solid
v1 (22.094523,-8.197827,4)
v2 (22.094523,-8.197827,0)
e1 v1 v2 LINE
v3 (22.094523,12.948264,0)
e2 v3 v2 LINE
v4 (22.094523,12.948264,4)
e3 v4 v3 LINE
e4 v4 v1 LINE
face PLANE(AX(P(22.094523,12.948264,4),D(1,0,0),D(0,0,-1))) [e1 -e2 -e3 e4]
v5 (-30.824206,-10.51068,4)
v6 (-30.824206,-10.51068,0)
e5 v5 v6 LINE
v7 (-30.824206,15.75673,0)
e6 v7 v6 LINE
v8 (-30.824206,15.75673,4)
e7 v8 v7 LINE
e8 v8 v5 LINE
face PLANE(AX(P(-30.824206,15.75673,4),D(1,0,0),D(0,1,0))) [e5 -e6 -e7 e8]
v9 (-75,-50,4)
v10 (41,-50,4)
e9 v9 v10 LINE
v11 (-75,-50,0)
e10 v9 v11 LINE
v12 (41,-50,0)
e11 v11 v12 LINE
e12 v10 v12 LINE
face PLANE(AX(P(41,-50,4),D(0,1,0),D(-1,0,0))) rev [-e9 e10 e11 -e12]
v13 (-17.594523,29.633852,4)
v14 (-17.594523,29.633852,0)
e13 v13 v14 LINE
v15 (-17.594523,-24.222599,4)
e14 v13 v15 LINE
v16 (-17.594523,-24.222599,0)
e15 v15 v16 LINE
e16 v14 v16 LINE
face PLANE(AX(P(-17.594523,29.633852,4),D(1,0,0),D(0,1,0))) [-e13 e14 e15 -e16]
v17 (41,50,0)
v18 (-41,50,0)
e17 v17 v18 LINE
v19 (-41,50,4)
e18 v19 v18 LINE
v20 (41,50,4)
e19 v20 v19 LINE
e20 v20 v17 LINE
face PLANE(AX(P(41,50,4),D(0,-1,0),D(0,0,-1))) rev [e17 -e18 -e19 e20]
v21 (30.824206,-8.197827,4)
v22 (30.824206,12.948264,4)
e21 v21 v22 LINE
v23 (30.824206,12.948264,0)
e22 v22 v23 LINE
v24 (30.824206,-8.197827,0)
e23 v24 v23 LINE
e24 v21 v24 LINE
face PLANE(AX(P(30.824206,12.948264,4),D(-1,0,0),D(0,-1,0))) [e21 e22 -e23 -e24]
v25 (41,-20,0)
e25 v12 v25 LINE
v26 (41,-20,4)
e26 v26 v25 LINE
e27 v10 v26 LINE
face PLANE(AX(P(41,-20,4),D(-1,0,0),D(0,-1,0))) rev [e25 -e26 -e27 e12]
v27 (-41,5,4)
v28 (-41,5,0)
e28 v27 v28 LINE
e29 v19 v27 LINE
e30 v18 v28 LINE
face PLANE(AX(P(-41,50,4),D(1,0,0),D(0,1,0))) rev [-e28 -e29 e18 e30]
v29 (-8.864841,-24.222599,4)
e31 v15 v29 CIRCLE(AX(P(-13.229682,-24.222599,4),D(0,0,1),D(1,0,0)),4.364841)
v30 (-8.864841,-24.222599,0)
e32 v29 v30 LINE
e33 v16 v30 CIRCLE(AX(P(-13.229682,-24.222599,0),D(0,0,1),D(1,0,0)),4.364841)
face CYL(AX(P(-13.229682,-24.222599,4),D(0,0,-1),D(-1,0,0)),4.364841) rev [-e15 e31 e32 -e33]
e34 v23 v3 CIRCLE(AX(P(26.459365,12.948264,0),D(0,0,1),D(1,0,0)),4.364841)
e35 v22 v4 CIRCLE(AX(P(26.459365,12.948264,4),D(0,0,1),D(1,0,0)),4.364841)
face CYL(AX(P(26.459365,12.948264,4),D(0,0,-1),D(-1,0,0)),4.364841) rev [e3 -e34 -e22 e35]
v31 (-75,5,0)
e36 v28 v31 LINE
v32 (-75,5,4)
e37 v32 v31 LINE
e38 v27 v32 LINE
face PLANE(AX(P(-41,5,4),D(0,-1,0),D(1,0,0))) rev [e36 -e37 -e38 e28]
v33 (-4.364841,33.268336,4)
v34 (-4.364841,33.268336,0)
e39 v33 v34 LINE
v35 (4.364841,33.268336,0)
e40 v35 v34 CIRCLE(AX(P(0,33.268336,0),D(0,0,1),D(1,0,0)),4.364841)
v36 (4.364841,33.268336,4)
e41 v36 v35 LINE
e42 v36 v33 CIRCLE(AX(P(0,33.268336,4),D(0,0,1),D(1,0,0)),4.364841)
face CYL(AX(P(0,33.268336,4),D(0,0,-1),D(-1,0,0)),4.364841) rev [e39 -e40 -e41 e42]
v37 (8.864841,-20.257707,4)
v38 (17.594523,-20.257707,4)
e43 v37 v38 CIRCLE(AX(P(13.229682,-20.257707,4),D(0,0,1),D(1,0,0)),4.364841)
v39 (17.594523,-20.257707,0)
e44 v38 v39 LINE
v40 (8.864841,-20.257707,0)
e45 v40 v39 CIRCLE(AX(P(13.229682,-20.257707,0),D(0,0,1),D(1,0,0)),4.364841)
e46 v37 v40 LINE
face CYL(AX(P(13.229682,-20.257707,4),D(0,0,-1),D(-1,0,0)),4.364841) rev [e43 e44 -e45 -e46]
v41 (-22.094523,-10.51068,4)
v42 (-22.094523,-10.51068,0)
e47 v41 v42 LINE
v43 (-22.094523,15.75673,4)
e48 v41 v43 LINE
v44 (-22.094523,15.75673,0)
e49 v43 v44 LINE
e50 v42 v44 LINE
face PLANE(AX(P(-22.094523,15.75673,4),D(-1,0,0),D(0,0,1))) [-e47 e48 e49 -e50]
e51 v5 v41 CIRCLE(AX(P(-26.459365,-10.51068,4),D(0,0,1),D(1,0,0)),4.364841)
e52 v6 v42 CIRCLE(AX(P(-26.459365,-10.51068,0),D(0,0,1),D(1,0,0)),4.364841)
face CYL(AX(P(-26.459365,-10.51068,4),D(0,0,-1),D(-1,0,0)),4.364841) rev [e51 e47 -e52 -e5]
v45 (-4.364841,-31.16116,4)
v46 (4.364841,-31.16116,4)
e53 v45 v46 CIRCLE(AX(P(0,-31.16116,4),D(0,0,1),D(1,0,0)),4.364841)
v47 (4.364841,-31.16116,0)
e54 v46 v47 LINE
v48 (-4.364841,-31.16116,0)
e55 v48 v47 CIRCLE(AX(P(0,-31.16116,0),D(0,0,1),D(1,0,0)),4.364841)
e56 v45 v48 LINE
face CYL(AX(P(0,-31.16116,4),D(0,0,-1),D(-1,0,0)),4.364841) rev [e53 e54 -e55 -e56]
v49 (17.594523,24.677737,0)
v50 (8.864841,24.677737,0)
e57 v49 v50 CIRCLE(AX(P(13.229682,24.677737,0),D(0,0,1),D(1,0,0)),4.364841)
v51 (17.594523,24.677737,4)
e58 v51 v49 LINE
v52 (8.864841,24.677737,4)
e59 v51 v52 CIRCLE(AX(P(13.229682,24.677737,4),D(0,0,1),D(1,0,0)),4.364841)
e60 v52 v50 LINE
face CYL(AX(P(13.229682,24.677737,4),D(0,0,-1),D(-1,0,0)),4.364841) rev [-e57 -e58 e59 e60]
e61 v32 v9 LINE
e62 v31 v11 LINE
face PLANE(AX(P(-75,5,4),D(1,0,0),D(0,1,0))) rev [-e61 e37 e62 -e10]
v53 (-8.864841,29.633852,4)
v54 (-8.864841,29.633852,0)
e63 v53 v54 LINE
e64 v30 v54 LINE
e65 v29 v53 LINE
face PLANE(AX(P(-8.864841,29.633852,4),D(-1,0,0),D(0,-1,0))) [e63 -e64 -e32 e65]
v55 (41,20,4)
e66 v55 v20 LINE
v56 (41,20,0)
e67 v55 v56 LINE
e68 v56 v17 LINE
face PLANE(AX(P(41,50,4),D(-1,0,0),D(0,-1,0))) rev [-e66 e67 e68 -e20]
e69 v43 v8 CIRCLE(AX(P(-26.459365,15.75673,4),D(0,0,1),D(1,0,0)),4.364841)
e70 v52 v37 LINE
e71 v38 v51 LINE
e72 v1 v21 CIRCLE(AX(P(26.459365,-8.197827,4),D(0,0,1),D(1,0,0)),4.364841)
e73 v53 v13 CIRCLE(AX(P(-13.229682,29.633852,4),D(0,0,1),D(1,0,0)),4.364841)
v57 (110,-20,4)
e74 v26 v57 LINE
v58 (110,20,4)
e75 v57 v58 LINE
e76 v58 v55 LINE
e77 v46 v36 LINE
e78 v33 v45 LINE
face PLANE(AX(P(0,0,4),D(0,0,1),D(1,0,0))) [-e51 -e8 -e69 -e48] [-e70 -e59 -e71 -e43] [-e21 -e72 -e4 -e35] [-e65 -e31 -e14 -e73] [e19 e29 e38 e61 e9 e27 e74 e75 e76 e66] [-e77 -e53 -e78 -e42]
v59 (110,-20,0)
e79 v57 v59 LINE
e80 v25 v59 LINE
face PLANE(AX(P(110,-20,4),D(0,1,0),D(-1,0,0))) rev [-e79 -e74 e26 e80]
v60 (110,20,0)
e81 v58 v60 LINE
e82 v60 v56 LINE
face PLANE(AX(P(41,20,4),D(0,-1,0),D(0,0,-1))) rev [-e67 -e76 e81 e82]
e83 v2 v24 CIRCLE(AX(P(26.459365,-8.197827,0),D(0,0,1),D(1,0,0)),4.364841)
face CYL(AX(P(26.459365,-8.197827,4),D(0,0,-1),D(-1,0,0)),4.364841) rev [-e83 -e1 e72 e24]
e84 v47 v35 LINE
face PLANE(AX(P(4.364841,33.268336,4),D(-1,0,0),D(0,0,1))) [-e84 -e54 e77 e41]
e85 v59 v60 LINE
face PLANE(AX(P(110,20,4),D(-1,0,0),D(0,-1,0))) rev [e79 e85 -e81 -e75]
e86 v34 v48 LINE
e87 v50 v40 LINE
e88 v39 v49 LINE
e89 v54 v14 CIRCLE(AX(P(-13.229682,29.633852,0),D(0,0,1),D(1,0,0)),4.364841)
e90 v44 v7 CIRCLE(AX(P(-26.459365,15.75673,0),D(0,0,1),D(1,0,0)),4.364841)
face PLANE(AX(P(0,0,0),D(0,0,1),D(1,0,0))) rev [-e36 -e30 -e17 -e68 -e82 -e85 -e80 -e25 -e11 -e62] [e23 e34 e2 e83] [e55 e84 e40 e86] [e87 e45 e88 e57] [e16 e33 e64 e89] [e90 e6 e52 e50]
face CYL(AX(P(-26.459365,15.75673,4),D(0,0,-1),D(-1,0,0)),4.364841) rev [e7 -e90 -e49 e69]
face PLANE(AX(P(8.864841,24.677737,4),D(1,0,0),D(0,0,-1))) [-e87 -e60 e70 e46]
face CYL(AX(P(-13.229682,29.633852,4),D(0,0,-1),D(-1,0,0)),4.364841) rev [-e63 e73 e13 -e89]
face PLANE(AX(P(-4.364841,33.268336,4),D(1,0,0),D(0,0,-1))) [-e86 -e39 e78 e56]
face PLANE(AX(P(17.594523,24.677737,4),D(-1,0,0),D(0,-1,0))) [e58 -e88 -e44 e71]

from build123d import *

# Parameters (mm, degrees)
BOSS_EXTRUDE1_DEPTH = 4


with BuildPart() as part:
    # Sketch1 → Boss-Extrude1 (new body)
    with BuildSketch(Plane.XY):
        Polygon((-41, 50), (-41, 5), (-75, 5), (-75, -50), (41, -50), (41, -20), (110, -20), (110, 20), (41, 20), (41, 50), align=None)
        with BuildLine():
            Line((4.364841143, 33.268336331), (4.364841143, -31.161160072))
            ThreePointArc((4.364841143, -31.161160072), (0, -35.526001215), (-4.364841143, -31.161160072))
            Line((-4.364841143, -31.161160072), (-4.364841143, 33.268336331))
            ThreePointArc((-4.364841143, 33.268336331), (0, 37.633177474), (4.364841143, 33.268336331))
        make_face(mode=Mode.SUBTRACT)
        with BuildLine():
            Line((-8.864841143, 29.633851918), (-8.864841143, -24.222598921))
            ThreePointArc((-8.864841143, -24.222598921), (-13.229682283, -28.587440061), (-17.594523423, -24.222598921))
            Line((-17.594523423, -24.222598921), (-17.594523423, 29.633851918))
            ThreePointArc((-17.594523423, 29.633851918), (-13.229682283, 33.998693058), (-8.864841143, 29.633851918))
        make_face(mode=Mode.SUBTRACT)
        with BuildLine():
            Line((17.594523423, 24.677736811), (17.594523423, -20.257706835))
            ThreePointArc((17.594523423, -20.257706835), (13.229682283, -24.622547975), (8.864841143, -20.257706835))
            Line((8.864841143, -20.257706835), (8.864841143, 24.677736811))
            ThreePointArc((8.864841143, 24.677736811), (13.229682283, 29.042577951), (17.594523423, 24.677736811))
        make_face(mode=Mode.SUBTRACT)
        with BuildLine():
            Line((-22.094523423, 15.756729616), (-22.094523423, -10.510680456))
            ThreePointArc((-22.094523423, -10.510680456), (-26.459364563, -14.875521596), (-30.824205703, -10.510680456))
            Line((-30.824205703, -10.510680456), (-30.824205703, 15.756729616))
            ThreePointArc((-30.824205703, 15.756729616), (-26.459364563, 20.121570756), (-22.094523423, 15.756729616))
        make_face(mode=Mode.SUBTRACT)
        with BuildLine():
            Line((30.824205703, 12.948264388), (30.824205703, -8.197826739))
            ThreePointArc((30.824205703, -8.197826739), (26.459364563, -12.562667879), (22.094523423, -8.197826739))
            Line((22.094523423, -8.197826739), (22.094523423, 12.948264388))
            ThreePointArc((22.094523423, 12.948264388), (26.459364563, 17.313105528), (30.824205703, 12.948264388))
        make_face(mode=Mode.SUBTRACT)
    extrude(amount=BOSS_EXTRUDE1_DEPTH)


solid = part.part
